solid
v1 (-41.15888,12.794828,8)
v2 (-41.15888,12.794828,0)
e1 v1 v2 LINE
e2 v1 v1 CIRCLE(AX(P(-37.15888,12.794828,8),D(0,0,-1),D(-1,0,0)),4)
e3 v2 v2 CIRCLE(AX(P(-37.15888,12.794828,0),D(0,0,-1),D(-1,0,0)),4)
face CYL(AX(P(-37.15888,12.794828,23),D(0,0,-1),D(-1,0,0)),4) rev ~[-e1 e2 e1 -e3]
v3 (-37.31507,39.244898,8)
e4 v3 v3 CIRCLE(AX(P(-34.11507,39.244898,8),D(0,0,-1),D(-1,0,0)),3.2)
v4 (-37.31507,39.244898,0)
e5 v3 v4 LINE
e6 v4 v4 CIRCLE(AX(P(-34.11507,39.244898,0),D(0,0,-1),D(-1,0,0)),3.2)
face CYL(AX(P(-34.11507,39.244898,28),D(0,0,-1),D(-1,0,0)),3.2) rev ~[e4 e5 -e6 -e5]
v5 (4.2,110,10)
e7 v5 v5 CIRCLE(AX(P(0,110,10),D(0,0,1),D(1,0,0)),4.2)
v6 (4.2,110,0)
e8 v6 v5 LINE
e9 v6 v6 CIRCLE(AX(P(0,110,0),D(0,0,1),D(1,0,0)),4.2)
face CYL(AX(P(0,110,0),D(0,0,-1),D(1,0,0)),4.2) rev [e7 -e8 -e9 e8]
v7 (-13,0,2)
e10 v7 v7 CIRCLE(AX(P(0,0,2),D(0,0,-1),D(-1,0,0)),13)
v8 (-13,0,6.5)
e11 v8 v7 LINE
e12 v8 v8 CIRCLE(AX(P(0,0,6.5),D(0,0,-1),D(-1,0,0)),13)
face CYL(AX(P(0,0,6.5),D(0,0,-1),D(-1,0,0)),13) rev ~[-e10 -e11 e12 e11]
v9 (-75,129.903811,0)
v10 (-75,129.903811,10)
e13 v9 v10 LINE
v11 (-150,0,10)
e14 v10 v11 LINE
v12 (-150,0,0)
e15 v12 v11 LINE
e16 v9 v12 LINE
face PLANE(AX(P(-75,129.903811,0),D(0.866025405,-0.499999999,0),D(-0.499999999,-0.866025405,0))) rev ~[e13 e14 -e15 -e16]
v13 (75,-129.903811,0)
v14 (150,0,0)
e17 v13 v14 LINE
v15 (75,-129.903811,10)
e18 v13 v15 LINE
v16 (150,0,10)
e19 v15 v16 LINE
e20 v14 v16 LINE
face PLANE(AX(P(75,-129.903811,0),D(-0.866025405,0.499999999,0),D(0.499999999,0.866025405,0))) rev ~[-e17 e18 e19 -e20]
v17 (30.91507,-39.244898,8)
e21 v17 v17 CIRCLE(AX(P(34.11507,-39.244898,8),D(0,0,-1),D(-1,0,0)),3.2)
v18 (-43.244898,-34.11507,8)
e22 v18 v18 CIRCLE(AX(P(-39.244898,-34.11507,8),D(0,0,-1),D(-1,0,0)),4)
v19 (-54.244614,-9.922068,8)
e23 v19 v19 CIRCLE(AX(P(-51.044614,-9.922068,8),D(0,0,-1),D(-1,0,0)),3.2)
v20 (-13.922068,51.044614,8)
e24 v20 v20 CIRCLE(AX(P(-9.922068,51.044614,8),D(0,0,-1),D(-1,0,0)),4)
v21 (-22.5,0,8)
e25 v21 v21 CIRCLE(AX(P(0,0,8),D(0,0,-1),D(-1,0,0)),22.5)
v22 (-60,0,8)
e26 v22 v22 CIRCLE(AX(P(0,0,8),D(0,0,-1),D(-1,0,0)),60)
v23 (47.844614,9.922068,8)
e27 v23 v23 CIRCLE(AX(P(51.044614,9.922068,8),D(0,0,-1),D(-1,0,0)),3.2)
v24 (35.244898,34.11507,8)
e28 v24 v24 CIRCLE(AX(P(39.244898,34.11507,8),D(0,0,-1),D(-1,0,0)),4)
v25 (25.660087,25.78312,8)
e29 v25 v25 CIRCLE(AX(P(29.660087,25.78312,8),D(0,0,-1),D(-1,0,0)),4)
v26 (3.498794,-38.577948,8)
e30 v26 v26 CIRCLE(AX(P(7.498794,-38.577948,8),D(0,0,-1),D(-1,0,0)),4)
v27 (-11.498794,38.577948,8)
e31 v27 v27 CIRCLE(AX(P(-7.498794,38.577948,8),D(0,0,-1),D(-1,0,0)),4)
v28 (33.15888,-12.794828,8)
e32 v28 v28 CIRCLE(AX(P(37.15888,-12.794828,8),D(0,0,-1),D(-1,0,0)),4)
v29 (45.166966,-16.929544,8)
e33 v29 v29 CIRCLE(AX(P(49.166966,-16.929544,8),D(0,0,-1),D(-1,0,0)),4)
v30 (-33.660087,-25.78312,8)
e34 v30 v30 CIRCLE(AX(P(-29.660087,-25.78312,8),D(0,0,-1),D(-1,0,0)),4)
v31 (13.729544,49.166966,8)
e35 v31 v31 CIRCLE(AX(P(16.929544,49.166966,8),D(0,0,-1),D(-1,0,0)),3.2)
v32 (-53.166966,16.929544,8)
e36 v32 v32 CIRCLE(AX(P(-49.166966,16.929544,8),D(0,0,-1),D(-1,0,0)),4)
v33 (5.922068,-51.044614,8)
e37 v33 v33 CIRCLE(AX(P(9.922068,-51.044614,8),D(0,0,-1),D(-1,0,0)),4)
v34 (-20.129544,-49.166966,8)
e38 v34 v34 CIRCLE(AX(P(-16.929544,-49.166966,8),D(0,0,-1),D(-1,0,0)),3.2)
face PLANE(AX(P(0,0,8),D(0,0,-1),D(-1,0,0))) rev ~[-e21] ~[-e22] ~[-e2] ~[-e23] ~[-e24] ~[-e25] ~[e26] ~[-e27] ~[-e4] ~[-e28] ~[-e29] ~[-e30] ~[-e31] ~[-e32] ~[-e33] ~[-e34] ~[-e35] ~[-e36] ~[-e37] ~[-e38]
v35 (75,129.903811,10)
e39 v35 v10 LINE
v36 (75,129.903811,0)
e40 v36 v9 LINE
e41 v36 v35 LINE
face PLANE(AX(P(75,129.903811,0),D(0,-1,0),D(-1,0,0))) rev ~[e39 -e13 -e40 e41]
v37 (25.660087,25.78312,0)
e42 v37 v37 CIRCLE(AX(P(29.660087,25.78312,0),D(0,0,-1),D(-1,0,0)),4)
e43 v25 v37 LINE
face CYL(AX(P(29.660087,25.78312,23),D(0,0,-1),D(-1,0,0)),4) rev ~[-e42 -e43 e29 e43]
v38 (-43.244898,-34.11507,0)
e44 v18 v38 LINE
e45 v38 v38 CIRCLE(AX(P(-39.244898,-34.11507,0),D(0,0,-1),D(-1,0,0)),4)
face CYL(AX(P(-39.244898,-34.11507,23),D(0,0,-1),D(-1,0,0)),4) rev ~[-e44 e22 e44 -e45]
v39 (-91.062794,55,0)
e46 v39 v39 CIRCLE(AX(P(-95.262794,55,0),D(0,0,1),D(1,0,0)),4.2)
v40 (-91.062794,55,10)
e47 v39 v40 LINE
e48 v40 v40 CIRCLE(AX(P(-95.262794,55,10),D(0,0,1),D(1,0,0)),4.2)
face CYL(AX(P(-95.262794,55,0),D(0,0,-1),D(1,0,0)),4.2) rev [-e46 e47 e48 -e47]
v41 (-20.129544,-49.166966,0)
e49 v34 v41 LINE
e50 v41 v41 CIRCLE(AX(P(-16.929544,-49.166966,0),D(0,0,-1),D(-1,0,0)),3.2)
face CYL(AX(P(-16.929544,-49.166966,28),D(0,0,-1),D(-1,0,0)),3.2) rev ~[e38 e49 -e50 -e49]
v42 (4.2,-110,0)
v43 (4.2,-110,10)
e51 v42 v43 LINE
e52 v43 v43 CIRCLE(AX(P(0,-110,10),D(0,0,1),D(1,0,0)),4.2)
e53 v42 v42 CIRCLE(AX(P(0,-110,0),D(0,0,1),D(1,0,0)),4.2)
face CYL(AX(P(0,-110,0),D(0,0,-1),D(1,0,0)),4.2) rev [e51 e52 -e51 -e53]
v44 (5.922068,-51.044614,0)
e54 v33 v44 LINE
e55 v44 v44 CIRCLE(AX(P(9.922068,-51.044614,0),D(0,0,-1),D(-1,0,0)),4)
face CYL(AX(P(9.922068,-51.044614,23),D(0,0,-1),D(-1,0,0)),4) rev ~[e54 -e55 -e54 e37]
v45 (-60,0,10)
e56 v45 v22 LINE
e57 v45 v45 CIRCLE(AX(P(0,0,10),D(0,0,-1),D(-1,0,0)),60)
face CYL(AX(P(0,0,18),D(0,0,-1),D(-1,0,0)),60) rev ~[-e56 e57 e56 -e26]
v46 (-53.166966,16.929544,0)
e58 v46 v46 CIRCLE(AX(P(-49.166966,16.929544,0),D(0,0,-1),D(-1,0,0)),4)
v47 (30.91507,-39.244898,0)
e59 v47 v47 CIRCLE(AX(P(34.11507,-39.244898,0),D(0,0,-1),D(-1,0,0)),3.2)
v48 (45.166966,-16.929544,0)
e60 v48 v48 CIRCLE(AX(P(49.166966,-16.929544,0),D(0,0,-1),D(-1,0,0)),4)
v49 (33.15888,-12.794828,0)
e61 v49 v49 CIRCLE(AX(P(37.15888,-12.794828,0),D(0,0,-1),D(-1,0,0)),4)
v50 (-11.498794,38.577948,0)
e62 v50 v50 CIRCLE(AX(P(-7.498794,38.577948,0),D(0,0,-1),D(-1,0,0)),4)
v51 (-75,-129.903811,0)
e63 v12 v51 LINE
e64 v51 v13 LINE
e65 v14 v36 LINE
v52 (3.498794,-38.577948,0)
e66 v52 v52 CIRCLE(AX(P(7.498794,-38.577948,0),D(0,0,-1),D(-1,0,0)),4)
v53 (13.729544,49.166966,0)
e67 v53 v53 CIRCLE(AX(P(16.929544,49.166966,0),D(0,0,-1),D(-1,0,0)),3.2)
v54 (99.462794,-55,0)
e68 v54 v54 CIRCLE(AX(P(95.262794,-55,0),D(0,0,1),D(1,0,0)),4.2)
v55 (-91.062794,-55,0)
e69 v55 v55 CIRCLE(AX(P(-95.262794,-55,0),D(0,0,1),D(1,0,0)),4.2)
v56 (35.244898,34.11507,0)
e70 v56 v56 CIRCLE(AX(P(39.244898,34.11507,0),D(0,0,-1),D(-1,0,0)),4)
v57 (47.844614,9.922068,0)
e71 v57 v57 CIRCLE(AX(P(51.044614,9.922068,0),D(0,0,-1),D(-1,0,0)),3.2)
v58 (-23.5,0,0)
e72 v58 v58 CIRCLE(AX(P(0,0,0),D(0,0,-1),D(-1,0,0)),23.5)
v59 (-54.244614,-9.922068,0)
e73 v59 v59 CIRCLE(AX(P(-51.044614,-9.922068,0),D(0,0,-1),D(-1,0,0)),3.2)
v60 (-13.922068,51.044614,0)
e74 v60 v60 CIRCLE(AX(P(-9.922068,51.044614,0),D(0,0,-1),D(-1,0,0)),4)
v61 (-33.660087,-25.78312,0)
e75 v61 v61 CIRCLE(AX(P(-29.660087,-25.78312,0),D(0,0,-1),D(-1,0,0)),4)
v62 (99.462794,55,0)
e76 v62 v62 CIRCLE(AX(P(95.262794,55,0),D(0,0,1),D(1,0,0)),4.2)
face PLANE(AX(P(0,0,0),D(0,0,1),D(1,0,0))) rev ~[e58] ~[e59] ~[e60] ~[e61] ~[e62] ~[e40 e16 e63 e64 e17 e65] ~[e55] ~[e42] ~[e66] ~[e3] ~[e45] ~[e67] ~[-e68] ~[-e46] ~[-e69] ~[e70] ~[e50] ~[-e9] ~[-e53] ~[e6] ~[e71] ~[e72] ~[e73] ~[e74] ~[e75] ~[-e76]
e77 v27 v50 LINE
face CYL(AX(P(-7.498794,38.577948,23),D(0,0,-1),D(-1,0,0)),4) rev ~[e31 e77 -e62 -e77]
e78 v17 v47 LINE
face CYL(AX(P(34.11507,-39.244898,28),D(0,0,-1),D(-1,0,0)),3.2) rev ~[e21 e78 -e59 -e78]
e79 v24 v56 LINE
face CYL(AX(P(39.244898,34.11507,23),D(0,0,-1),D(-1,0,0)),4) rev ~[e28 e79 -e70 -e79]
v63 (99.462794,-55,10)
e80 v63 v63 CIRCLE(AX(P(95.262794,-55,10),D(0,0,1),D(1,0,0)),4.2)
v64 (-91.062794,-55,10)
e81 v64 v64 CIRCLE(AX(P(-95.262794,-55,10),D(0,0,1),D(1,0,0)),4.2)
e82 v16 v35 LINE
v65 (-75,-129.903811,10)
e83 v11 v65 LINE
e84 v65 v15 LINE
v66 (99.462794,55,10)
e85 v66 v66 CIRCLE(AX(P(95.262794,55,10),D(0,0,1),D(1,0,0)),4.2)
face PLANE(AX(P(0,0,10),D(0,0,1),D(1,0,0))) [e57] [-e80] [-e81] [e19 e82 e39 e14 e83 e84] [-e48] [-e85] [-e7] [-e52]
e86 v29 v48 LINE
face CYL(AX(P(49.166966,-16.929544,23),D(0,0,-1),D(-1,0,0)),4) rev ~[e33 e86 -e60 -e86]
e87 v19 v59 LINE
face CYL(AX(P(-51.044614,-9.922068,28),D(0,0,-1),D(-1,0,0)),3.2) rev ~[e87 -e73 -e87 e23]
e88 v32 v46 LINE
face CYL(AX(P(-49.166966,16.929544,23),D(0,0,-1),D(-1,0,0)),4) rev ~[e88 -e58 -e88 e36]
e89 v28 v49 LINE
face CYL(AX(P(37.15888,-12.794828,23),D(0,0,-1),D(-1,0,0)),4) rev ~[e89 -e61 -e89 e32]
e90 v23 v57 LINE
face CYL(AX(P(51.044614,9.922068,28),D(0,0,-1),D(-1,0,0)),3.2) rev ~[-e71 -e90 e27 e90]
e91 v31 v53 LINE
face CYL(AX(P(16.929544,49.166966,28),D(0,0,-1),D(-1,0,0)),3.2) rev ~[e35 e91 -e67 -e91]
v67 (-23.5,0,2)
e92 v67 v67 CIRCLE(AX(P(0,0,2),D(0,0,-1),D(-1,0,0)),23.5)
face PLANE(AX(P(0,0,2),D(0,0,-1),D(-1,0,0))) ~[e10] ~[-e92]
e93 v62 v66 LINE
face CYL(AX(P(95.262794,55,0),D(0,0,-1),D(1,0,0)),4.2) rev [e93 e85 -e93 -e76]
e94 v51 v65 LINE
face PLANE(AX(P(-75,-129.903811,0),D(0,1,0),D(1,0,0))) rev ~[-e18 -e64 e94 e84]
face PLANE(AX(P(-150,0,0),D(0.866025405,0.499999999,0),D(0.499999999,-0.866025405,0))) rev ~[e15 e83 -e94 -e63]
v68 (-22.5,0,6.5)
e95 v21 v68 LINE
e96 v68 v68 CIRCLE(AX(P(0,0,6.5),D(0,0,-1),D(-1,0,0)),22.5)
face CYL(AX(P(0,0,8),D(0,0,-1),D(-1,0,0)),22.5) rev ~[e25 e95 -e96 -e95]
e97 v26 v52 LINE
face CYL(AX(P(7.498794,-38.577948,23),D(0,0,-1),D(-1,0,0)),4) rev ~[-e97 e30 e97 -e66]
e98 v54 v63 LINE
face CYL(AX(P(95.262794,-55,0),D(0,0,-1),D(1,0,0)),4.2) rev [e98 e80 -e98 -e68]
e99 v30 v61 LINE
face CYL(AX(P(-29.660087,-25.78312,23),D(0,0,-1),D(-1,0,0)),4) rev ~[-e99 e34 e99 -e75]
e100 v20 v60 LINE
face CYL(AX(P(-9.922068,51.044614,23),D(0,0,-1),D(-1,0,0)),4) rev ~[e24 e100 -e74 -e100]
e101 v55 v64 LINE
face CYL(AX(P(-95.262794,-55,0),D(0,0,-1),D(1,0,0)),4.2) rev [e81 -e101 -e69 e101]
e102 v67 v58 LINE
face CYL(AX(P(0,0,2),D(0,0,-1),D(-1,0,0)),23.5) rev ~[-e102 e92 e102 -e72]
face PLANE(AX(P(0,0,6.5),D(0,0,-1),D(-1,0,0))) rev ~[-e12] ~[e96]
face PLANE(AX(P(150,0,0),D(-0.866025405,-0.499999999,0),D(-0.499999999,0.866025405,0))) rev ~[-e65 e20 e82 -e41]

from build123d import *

# Parameters (mm, degrees)
F0_R     = 4.2
F1_DEPTH = 10
F5_D     = 8
F5_DEPTH = 15
F6_D     = 8
F6_DEPTH = 15
F7_D     = 6.4
F7_DEPTH = 20


with BuildPart() as f1:
    # F0 (on Top) → F1 (new body)
    with BuildSketch(Plane.XY):
        Polygon((75, -129.903811), (150, 0), (75, 129.903811), (-75, 129.903811), (-150, 0), (-75, -129.903811), align=None)
        with Locations((-95.262794, -55)):
            Circle(F0_R, mode=Mode.SUBTRACT)
        with Locations((0, -110)):
            Circle(F0_R, mode=Mode.SUBTRACT)
        with Locations((95.262794, -55)):
            Circle(F0_R, mode=Mode.SUBTRACT)
        with Locations((-95.262794, 55)):
            Circle(F0_R, mode=Mode.SUBTRACT)
        with Locations((95.262794, 55)):
            Circle(F0_R, mode=Mode.SUBTRACT)
        with Locations((0, 110)):
            Circle(F0_R, mode=Mode.SUBTRACT)
    extrude(amount=F1_DEPTH)

    # F2 (on Front) → F3 (revolve, cut)
    with BuildSketch(Plane.XZ):
        Polygon((-23.5, 2), (-23.5, -10), (0, -10), (0, 18), (-60, 18), (-60, 8), (-22.5, 8), (-22.5, 6.5), (-13, 6.5), (-13, 2), align=None)
    revolve(axis=Axis((0, 0, -2.490325), (0, 0, -1)), mode=Mode.SUBTRACT)

    # F5
    with Locations(Plane.XY.offset(8)):
        with Locations((-9.922068, 51.044614), (39.244898, 34.11507), (49.166966, -16.929544), (9.922068, -51.044614), (-39.244898, -34.11507), (-49.166966, 16.929544)):
            Hole(F5_D / 2, depth=F5_DEPTH)

    # F6
    with Locations(Plane.XY.offset(8)):
        with Locations((-7.498794, 38.577948), (29.660087, 25.78312), (37.15888, -12.794828), (7.498794, -38.577948), (-29.660087, -25.78312), (-37.15888, 12.794828)):
            Hole(F6_D / 2, depth=F6_DEPTH)

    # F7
    with Locations(Plane.XY.offset(8)):
        with Locations((-34.11507, 39.244898), (16.929544, 49.166966), (51.044614, 9.922068), (34.11507, -39.244898), (-16.929544, -49.166966), (-51.044614, -9.922068)):
            Hole(F7_D / 2, depth=F7_DEPTH)


solid = f1.part
